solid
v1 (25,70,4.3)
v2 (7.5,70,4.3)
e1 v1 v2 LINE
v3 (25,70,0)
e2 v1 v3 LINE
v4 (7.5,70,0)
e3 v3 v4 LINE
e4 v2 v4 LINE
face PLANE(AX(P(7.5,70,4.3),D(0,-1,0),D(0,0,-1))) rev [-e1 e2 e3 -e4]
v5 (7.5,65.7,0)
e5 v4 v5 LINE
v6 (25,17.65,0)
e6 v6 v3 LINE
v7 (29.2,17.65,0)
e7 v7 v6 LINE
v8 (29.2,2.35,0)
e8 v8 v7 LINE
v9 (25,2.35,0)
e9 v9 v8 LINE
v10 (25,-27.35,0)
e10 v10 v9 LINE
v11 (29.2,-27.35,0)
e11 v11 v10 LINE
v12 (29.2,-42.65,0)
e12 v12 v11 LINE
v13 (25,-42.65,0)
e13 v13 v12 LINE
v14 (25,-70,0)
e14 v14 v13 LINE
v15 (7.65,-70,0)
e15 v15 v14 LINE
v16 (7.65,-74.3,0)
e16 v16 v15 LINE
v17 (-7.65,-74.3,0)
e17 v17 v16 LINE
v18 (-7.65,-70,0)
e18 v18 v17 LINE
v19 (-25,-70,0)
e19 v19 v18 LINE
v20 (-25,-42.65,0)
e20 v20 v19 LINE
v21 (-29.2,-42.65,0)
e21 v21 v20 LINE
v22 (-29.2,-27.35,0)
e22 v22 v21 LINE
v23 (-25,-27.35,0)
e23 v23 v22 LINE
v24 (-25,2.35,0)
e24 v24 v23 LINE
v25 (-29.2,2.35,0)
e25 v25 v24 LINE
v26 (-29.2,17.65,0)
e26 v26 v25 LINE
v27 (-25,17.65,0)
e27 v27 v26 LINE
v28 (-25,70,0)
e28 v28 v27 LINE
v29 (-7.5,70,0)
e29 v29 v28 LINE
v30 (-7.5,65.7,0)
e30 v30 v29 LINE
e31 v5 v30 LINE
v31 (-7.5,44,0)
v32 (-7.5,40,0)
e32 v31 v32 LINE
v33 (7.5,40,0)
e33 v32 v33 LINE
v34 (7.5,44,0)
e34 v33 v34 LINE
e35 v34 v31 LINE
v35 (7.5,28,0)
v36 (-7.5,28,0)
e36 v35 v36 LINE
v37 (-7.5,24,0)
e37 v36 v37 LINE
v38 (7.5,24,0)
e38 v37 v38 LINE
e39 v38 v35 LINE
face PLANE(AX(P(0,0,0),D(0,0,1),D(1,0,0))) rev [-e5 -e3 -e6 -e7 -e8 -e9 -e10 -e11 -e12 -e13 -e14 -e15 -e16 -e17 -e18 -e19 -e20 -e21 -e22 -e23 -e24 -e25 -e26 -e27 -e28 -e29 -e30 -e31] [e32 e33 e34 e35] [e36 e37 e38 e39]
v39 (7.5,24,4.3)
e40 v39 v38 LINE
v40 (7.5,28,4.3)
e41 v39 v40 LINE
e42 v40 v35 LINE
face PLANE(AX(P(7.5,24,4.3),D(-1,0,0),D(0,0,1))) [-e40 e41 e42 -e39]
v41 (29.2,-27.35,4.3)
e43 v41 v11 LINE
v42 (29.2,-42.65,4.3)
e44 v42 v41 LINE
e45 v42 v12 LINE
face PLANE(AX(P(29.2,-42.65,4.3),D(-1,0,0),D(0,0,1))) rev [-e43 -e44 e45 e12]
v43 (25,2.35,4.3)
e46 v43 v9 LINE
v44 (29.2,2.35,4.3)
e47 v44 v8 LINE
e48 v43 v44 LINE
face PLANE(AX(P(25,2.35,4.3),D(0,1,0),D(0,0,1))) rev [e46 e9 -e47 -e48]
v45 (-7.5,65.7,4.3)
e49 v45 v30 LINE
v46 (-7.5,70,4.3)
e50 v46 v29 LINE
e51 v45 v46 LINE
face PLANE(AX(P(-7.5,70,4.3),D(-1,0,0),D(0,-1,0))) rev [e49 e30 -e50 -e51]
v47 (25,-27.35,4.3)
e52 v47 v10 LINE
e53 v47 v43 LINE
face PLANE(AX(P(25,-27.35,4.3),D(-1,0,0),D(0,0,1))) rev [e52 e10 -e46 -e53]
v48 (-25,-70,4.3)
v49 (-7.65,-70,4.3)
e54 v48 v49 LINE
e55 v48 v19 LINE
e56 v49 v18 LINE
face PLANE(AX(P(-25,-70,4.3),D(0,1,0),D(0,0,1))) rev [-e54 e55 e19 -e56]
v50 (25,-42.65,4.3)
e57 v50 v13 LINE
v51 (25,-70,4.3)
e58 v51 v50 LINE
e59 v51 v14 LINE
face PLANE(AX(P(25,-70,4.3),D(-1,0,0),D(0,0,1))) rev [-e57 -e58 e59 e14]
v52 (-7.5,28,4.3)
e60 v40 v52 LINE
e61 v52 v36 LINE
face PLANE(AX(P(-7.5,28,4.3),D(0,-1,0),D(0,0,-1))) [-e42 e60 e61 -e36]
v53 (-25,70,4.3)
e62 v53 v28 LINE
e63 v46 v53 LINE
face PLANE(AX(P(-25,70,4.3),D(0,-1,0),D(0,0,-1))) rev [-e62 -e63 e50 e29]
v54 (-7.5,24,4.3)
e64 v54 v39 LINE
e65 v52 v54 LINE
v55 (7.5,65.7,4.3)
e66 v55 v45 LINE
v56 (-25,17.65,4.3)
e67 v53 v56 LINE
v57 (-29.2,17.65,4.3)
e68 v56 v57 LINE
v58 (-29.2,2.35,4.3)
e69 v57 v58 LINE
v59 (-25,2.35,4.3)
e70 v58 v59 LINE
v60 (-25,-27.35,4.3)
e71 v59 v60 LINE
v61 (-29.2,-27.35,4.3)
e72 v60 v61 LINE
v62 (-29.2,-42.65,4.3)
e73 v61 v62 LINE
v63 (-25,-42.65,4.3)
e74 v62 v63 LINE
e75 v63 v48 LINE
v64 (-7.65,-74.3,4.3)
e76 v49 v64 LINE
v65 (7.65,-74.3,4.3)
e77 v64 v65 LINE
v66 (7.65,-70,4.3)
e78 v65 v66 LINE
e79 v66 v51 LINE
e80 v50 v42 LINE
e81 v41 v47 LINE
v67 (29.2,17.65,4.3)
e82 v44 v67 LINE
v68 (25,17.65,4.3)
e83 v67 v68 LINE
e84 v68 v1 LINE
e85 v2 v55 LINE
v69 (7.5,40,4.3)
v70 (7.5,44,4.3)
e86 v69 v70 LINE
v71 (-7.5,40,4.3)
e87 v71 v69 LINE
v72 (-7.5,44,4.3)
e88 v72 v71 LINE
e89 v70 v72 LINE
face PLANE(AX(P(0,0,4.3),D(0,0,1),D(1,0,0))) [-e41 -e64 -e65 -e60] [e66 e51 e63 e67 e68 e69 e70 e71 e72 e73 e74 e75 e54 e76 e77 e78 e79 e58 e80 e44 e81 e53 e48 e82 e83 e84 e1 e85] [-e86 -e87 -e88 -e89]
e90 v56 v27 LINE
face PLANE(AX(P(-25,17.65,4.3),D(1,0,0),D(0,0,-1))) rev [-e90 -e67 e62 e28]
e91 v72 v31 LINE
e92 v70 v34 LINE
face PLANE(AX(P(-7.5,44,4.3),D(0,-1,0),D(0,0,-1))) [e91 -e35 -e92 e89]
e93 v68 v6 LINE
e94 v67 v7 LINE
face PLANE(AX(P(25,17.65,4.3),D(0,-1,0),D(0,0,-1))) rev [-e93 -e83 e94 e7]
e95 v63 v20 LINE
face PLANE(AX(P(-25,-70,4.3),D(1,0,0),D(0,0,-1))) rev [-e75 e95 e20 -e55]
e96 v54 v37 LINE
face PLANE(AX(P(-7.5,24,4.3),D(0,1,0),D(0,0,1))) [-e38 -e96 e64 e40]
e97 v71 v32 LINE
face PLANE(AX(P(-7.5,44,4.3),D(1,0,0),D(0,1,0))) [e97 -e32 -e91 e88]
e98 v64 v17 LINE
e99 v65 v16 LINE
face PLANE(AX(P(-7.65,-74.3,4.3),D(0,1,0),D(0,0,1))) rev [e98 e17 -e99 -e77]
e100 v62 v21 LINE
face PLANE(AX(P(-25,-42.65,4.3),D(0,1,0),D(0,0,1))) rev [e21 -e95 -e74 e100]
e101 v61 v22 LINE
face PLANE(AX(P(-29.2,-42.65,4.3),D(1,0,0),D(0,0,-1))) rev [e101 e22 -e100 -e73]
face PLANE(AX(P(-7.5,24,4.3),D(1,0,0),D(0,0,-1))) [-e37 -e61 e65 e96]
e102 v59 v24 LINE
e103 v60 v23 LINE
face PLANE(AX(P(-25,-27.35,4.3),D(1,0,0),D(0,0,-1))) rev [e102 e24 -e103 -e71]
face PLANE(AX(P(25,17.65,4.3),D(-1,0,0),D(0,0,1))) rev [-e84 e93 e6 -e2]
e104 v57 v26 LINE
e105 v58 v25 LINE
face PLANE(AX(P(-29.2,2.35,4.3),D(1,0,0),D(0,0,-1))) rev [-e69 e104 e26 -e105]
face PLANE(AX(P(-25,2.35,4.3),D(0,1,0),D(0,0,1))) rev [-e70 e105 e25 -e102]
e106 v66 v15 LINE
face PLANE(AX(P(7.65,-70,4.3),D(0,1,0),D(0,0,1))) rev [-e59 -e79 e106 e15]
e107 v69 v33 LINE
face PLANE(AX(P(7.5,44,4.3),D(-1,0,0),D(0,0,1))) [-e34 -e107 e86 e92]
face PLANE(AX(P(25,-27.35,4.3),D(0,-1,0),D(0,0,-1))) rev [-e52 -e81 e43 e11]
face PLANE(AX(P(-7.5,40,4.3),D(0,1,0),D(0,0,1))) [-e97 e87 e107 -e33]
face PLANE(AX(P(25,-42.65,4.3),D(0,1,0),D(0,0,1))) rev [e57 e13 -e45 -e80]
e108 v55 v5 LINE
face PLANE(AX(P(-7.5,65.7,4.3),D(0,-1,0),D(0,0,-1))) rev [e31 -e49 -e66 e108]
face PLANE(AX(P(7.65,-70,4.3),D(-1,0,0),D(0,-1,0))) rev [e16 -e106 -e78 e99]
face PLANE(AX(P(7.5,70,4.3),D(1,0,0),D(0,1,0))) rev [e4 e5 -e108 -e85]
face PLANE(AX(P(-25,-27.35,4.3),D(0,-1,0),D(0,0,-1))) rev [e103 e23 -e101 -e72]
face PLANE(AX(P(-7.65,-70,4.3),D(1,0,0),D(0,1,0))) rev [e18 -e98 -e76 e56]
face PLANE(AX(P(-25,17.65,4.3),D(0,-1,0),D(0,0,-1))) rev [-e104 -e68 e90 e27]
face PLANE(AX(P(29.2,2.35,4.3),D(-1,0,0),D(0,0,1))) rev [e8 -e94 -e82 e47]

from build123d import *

# Parameters (mm, degrees)
SKETCH1_W           = 15
SKETCH1_H           = 4
BOSS_EXTRUDE1_DEPTH = 4.3


with BuildPart() as part:
    # Sketch1 → Boss-Extrude1 (new body)
    with BuildSketch(Plane.XY):
        Polygon((25, -27.35), (25, 2.35), (29.2, 2.35), (29.2, 17.65), (25, 17.65), (25, 70), (7.5, 70), (7.5, 65.7), (-7.5, 65.7), (-7.5, 70), (-25, 70), (-25, 17.65), (-29.2, 17.65), (-29.2, 2.35), (-25, 2.35), (-25, -27.35), (-29.2, -27.35), (-29.2, -42.65), (-25, -42.65), (-25, -70), (-7.65, -70), (-7.65, -74.3), (7.65, -74.3), (7.65, -70), (25, -70), (25, -42.65), (29.2, -42.65), (29.2, -27.35), align=None)
        with Locations((0, 26)):
            Rectangle(SKETCH1_W, SKETCH1_H, mode=Mode.SUBTRACT)
        with Locations((0, 42)):
            Rectangle(SKETCH1_W, SKETCH1_H, mode=Mode.SUBTRACT)
    extrude(amount=BOSS_EXTRUDE1_DEPTH)


solid = part.part
